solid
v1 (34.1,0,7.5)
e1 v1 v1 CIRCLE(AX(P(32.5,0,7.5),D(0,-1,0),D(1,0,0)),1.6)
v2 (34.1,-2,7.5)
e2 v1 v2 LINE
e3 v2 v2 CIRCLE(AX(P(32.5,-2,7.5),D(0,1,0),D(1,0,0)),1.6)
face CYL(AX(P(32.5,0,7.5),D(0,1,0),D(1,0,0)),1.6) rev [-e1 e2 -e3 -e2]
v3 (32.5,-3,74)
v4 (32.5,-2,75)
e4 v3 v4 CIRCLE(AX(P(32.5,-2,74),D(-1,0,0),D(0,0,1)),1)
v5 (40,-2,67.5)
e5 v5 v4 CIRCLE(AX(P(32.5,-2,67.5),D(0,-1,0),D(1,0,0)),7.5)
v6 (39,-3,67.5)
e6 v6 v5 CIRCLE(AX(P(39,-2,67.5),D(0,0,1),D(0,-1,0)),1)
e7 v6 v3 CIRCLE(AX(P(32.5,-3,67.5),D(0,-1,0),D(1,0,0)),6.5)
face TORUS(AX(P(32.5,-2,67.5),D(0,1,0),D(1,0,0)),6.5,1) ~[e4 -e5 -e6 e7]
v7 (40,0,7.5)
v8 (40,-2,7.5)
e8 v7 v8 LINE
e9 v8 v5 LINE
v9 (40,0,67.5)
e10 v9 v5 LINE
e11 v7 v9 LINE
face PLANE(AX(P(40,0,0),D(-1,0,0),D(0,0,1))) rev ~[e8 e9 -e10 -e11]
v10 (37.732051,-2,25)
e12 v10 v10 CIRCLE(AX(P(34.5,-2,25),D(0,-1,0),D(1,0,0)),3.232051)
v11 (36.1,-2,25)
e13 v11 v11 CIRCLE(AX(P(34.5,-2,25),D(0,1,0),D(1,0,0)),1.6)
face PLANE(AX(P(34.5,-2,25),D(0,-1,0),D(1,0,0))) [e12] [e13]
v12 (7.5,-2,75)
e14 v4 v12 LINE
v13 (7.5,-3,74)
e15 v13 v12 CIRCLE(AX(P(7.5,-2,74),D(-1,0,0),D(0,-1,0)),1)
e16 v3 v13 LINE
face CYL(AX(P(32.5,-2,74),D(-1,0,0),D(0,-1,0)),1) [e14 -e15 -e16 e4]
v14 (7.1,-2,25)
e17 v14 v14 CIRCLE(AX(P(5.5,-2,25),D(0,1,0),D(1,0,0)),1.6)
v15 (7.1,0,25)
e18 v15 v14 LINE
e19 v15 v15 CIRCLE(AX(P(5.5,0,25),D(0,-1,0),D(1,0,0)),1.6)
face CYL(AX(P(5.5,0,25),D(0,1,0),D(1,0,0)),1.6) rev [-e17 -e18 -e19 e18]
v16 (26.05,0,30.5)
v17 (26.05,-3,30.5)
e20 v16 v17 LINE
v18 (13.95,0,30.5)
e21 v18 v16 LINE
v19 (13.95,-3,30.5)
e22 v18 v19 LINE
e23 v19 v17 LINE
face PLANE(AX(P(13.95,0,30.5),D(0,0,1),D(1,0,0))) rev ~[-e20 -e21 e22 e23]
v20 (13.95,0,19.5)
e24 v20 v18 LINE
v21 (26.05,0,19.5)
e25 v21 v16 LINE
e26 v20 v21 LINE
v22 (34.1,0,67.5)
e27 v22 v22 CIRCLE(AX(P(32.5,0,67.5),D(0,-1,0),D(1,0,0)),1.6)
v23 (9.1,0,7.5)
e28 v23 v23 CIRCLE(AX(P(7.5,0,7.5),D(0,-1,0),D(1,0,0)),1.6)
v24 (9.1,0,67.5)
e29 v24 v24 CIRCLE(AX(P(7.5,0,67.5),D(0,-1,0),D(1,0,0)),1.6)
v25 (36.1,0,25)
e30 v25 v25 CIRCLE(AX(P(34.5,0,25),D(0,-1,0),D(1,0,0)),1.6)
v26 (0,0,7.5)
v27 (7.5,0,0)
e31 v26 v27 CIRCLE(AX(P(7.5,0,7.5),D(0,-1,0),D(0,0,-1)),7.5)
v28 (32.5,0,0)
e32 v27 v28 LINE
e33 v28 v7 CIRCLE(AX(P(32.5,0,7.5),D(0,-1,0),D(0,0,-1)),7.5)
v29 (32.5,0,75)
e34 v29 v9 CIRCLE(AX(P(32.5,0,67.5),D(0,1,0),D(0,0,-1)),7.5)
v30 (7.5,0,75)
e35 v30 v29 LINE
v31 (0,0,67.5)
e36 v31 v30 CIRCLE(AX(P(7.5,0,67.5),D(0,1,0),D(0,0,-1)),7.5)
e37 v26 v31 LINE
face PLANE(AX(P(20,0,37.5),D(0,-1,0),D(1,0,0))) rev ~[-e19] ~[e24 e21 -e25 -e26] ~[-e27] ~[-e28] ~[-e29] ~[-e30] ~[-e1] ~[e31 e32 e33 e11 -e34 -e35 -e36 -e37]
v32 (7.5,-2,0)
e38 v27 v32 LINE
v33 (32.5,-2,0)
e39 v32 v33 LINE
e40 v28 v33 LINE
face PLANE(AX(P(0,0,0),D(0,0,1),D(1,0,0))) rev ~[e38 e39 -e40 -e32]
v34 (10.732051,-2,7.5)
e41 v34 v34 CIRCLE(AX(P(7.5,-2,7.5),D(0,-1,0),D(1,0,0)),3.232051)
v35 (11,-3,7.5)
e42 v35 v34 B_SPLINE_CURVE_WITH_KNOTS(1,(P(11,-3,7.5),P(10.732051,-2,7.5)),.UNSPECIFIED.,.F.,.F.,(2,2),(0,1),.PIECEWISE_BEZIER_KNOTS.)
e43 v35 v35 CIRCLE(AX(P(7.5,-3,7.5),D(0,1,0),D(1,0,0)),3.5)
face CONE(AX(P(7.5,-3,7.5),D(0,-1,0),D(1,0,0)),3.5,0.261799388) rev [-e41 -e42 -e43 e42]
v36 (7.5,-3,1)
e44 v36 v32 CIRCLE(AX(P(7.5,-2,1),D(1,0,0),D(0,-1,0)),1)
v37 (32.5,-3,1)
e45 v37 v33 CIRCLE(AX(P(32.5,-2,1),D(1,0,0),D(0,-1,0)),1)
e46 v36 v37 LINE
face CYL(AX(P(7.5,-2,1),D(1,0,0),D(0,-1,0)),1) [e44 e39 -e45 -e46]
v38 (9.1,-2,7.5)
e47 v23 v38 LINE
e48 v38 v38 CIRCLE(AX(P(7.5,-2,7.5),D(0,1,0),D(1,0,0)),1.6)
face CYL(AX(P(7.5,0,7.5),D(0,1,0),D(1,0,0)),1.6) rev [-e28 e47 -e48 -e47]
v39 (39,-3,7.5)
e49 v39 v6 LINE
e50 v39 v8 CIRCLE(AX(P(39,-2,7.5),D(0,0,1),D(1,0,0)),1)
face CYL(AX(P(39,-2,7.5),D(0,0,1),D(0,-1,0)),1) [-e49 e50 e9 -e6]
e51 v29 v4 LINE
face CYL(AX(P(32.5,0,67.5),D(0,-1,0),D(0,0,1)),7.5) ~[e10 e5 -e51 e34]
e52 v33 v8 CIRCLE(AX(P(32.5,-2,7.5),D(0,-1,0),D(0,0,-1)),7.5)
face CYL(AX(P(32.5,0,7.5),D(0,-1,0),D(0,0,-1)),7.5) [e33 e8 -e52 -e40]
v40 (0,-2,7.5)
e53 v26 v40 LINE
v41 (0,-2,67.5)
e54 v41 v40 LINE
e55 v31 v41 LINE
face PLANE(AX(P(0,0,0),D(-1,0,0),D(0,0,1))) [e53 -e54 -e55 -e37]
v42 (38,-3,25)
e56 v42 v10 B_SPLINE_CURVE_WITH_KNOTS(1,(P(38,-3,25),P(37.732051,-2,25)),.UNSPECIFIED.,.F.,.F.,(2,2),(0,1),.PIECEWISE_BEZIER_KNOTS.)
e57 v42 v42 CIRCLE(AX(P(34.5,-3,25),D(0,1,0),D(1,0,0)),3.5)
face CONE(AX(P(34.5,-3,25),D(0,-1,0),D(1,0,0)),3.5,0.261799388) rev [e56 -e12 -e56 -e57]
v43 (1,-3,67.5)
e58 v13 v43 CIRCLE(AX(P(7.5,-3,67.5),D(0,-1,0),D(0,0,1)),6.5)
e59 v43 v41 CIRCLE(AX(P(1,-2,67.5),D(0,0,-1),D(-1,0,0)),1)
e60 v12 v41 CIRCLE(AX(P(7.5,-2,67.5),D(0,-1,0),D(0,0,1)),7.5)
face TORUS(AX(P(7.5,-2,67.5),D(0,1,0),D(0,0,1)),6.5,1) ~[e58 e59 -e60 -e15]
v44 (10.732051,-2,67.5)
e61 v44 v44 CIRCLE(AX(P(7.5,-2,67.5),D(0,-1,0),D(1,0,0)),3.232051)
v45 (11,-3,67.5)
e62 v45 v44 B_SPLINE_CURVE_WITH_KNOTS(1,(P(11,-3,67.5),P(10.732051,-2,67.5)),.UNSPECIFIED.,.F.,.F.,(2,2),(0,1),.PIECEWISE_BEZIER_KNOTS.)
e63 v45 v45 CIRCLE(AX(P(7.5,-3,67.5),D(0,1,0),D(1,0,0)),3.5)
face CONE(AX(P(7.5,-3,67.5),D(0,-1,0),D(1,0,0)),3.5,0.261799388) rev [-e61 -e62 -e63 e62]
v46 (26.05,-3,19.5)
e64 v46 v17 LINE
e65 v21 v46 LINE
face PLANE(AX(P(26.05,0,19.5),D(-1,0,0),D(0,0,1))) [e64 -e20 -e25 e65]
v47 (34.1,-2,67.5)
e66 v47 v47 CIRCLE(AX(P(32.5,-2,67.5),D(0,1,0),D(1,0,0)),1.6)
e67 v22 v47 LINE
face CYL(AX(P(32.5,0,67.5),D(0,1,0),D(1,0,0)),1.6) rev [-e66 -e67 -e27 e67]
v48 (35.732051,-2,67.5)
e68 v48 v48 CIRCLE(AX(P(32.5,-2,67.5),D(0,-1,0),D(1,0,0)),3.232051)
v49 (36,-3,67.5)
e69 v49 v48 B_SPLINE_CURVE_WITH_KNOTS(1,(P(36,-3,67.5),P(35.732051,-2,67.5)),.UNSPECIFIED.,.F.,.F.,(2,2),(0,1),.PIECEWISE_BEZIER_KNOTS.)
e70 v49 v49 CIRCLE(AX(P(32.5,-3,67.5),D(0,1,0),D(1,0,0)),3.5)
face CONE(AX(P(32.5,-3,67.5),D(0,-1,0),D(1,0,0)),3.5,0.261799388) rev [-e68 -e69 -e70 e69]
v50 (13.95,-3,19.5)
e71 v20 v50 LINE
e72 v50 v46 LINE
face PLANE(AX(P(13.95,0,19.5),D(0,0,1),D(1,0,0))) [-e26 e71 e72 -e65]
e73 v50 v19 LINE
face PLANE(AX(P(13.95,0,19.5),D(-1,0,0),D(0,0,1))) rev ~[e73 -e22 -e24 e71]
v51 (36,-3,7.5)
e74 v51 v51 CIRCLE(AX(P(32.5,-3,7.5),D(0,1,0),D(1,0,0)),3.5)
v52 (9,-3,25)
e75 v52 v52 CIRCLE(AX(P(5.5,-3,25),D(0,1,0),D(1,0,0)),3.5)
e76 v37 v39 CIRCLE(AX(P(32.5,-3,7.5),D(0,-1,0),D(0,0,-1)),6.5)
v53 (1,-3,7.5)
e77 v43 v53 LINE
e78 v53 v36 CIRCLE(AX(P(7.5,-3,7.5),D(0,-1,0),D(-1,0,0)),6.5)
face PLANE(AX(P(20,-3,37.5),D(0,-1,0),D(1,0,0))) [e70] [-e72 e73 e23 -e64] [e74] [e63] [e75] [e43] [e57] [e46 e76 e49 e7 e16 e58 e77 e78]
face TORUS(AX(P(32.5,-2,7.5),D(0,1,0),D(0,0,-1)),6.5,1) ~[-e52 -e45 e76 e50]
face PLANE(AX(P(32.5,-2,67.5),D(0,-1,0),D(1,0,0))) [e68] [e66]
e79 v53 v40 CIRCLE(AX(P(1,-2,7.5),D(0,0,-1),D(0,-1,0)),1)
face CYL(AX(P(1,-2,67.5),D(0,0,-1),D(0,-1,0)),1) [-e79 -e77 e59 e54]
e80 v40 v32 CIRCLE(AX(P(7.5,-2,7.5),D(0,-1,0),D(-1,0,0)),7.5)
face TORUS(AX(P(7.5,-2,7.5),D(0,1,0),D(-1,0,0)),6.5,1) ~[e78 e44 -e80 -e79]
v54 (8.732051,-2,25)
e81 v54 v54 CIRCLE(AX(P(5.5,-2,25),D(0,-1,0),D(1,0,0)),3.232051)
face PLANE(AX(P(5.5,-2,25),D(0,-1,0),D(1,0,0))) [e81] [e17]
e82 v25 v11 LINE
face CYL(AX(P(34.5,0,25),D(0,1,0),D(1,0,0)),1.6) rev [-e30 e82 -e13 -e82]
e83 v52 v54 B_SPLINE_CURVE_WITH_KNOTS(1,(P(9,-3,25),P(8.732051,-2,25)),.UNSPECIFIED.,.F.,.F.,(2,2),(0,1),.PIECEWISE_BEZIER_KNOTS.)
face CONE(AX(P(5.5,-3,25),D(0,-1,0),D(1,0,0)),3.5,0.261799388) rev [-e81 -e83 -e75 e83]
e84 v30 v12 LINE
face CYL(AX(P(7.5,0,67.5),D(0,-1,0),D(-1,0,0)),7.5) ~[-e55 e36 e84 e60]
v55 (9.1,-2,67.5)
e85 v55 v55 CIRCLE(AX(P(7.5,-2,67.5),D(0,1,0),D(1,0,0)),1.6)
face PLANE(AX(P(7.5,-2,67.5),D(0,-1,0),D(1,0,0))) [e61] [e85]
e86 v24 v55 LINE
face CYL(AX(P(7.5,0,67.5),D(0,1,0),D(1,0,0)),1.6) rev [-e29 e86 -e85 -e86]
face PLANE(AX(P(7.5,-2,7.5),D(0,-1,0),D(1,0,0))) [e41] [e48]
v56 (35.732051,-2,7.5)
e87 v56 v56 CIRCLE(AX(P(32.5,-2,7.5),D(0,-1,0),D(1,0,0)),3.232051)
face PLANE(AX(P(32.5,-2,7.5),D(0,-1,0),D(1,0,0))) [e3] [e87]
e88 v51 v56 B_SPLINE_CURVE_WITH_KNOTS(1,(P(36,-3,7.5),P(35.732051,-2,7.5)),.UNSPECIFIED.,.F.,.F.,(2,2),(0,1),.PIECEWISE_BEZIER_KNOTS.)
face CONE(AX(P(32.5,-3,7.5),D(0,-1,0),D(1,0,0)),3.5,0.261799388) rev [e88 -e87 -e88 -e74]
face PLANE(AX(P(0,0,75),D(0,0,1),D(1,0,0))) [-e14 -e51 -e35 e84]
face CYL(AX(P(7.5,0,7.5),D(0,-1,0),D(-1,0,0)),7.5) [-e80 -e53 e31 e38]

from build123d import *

# Parameters (mm, degrees)
F0_W     = 40
F0_H     = 75
F0_R     = 1.6
F0_W_2   = 12.1
F0_H_2   = 11
F1_DEPTH = 3
F2_R     = 7.5
F3_R     = 3.5
F4_DEPTH = 1
F4_TAPER = 15
F5_R     = 1


with BuildPart() as f1:
    # F0 (on Front) → F1 (new body)
    with BuildSketch(Plane.XZ):
        with Locations((20, 37.5)):
            Rectangle(F0_W, F0_H)
        with Locations((7.5, 7.5)):
            Circle(F0_R, mode=Mode.SUBTRACT)
        with Locations((5.5, 25)):
            Circle(F0_R, mode=Mode.SUBTRACT)
        with Locations((32.5, 7.5)):
            Circle(F0_R, mode=Mode.SUBTRACT)
        with Locations((20, 25)):
            Rectangle(F0_W_2, F0_H_2, mode=Mode.SUBTRACT)
        with Locations((34.5, 25)):
            Circle(F0_R, mode=Mode.SUBTRACT)
        with Locations((7.5, 67.5)):
            Circle(F0_R, mode=Mode.SUBTRACT)
        with Locations((32.5, 67.5)):
            Circle(F0_R, mode=Mode.SUBTRACT)
    extrude(amount=F1_DEPTH)

    # F2
    f2_edges = [f1.edges().sort_by_distance(p)[0] for p in [
        (40, -1.5, 75),
        (40, -1.5, 0),
        (0, -1.5, 0),
        (0, -1.5, 75),
    ]]
    fillet(f2_edges, radius=F2_R)

    # F3 (on face) → F4 (cut)
    with BuildSketch(Plane.XZ.offset(3)):
        with Locations((7.5, 67.5)):
            Circle(F3_R)
        with Locations((32.5, 67.5)):
            Circle(F3_R)
        with Locations((5.5, 25)):
            Circle(F3_R)
        with Locations((32.5, 7.5)):
            Circle(F3_R)
        with Locations((7.5, 7.5)):
            Circle(F3_R)
        with Locations((34.5, 25)):
            Circle(F3_R)
    extrude(amount=-F4_DEPTH, taper=F4_TAPER, mode=Mode.SUBTRACT)

    # F5
    f5_edges = [f1.edges().sort_by_distance(p)[0] for p in [
        (20, -3, 0),
    ]]
    fillet(f5_edges, radius=F5_R)


solid = f1.part
